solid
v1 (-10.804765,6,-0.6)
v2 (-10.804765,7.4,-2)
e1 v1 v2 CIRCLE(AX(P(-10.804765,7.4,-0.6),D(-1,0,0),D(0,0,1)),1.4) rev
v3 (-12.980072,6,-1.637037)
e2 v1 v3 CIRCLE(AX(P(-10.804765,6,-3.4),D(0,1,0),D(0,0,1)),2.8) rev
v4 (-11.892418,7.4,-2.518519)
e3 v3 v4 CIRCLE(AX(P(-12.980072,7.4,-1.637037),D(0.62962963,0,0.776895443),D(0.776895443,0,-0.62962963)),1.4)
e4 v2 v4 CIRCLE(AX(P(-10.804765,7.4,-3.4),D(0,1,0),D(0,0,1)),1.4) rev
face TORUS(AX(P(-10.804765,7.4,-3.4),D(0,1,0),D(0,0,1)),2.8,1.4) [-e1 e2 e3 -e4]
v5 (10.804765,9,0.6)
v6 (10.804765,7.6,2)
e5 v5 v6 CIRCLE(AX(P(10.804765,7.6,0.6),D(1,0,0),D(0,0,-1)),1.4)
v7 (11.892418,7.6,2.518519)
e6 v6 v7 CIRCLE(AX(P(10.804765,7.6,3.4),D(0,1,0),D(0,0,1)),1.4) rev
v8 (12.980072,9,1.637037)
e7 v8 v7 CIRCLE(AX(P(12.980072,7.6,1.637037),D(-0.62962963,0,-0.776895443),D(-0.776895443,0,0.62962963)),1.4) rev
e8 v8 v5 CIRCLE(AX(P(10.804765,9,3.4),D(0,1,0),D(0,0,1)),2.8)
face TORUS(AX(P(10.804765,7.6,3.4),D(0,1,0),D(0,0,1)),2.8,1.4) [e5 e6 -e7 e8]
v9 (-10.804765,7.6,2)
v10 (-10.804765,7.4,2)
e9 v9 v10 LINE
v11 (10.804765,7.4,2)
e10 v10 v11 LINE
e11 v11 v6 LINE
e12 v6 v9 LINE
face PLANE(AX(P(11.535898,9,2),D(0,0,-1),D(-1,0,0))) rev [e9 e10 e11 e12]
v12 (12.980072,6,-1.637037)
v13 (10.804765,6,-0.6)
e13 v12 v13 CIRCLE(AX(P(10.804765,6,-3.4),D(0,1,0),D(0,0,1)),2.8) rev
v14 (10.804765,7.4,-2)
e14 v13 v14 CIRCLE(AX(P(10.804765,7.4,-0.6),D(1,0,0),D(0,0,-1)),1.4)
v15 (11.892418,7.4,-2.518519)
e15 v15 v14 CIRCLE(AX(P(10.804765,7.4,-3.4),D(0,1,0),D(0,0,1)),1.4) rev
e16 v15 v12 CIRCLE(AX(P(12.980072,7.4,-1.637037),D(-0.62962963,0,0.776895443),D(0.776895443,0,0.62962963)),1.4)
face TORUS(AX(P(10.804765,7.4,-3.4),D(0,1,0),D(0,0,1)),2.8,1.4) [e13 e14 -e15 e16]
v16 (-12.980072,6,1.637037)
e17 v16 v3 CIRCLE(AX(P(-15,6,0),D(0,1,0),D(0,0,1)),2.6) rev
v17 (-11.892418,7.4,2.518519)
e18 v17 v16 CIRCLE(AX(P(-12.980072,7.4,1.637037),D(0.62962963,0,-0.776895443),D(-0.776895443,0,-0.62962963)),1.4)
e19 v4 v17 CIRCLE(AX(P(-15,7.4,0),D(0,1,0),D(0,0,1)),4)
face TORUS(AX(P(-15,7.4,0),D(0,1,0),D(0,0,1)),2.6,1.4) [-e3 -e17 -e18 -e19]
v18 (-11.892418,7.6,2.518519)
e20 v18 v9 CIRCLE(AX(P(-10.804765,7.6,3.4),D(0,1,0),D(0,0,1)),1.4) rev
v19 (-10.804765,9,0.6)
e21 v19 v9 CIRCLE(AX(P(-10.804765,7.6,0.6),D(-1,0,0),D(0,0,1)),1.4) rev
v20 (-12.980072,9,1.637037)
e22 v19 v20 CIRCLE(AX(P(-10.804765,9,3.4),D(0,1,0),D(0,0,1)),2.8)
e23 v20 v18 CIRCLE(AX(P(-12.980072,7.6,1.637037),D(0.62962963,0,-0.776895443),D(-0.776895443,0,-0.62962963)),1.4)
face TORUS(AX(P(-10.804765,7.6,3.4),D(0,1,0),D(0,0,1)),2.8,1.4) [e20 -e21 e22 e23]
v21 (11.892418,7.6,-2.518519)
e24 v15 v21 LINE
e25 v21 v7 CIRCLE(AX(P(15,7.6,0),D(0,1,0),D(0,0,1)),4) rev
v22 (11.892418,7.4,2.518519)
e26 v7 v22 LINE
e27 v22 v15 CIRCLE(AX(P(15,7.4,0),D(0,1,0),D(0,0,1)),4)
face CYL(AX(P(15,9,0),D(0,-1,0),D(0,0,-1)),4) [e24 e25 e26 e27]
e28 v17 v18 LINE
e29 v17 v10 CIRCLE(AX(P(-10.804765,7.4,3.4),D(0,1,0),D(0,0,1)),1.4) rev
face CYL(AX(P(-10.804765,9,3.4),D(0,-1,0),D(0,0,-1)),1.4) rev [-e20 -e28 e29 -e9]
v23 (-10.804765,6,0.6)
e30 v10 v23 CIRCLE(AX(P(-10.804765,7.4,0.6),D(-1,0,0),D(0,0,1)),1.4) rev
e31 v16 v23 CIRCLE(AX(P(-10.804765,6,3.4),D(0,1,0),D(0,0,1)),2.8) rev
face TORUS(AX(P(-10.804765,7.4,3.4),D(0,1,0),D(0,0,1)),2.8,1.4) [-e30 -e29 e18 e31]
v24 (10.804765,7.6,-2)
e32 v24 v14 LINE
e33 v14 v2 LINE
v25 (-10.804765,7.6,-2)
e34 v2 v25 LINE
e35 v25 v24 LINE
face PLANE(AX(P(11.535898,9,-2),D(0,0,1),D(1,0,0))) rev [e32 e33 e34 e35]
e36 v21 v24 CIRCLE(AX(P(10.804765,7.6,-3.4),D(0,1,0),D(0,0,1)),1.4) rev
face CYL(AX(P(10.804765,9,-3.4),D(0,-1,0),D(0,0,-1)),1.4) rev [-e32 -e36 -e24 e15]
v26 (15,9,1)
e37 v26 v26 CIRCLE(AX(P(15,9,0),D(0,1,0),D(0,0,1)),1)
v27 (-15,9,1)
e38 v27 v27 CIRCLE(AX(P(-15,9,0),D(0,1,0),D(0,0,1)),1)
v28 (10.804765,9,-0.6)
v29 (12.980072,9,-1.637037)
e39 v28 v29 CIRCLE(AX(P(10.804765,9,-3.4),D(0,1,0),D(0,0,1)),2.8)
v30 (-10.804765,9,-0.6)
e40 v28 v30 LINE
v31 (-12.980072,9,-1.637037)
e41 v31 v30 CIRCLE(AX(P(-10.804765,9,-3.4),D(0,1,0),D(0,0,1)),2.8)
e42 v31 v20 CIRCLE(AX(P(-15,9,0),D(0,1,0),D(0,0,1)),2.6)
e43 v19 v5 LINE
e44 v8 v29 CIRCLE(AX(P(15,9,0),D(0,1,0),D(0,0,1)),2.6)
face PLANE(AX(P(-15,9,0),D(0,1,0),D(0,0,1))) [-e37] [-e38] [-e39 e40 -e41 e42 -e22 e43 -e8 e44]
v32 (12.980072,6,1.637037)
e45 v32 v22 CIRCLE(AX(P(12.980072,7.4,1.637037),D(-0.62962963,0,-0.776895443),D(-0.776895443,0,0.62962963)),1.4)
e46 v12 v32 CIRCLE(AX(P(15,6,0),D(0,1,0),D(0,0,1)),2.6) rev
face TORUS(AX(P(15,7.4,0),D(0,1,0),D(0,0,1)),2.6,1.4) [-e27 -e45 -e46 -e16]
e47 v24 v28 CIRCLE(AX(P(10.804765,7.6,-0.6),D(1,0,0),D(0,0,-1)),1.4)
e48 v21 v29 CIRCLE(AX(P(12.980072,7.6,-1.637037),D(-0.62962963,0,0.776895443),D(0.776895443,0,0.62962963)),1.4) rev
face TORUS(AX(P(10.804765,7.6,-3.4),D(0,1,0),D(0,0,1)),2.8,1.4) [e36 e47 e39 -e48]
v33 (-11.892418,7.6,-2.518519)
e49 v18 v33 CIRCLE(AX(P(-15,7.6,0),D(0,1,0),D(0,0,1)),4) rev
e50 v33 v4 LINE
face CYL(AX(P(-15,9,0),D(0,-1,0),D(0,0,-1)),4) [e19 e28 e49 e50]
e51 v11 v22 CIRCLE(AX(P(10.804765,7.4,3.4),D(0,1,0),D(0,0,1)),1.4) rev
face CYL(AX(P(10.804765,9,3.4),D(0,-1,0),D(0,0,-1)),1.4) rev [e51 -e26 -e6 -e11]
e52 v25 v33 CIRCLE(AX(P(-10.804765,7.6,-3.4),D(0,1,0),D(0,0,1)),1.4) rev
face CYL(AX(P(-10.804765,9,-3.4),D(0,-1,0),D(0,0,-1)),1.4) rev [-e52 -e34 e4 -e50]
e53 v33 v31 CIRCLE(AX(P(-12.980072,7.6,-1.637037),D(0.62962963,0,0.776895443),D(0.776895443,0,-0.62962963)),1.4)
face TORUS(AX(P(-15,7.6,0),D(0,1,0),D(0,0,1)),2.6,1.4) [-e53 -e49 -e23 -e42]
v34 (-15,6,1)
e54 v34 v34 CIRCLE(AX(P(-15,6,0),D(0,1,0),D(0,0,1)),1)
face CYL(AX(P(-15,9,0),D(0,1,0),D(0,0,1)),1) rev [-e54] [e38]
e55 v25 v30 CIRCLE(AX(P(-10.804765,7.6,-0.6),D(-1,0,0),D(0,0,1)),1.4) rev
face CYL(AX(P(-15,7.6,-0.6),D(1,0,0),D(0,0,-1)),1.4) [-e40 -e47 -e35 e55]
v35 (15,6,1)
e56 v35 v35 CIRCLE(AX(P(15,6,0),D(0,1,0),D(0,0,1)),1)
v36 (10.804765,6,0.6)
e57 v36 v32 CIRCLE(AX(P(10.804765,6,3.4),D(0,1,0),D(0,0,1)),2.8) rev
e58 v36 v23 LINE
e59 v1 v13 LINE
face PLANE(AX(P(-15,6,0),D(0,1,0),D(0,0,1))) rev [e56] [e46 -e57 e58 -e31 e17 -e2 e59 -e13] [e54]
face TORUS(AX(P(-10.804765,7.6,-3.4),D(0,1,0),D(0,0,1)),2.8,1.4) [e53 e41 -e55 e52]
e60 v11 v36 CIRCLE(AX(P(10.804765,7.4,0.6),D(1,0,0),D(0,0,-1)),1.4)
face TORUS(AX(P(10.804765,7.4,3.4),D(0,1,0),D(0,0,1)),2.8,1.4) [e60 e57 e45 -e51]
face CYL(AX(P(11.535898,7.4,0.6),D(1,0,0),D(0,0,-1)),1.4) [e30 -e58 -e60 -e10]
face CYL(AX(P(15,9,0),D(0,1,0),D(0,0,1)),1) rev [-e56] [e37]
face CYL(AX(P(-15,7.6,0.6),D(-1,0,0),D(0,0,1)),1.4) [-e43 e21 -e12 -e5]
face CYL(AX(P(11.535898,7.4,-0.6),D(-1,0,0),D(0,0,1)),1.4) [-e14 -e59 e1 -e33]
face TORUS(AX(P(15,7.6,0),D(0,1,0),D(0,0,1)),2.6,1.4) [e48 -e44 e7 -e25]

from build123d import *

# Parameters (mm, degrees)
BOSS_EXTRUDE1_DEPTH   = 15
F_1_0MM_DOWEL_HOLE1_D = 10
FILLET1_R             = 7
ESCALA1_SCALE         = 0.2


with BuildPart() as part:
    # Sketch1 → Boss-Extrude1 (new body)
    with BuildSketch(Plane(origin=(0, 0, 0), x_dir=(1, 0, 0), z_dir=(0, 1, 0))):
        with BuildLine():
            Line((57.679491924, 10), (-57.679491924, 10))
            ThreePointArc((-57.679491924, 10), (-95, 0), (-57.679491924, -10))
            Line((-57.679491924, -10), (57.679491924, -10))
            ThreePointArc((57.679491924, -10), (95, 0), (57.679491924, 10))
        make_face()
    extrude(amount=BOSS_EXTRUDE1_DEPTH)

    # Ø1.0mm Dowel Hole1 (through all)
    with Locations(Plane(origin=(0, 15, 0), x_dir=(1, 0, 0), z_dir=(0, 1, 0))):
        with Locations((-75, 0), (75, 0)):
            Hole(F_1_0MM_DOWEL_HOLE1_D / 2)

    # Fillet1
    fillet1_edges = [part.edges().sort_by_distance(p)[0] for p in [
        (95, 15, 0),
        (0, 15, -10),
        (-95, 15, 0),
        (0, 0, -10),
        (95, 0, 0),
        (0, 0, 10),
        (-95, 0, 0),
        (0, 15, 10),
        (-57.679491924, 7.5, -10),
        (57.679491924, 7.5, -10),
        (57.679491924, 7.5, 10),
        (-57.679491924, 7.5, 10),
    ]]
    fillet(fillet1_edges, radius=FILLET1_R)


with BuildPart() as part_1:
    # Escala1: scaled about (0, 7.5, 0)
    add(part.part.scale(ESCALA1_SCALE).moved(Location((0, 6, 0))))


solid = part_1.part
